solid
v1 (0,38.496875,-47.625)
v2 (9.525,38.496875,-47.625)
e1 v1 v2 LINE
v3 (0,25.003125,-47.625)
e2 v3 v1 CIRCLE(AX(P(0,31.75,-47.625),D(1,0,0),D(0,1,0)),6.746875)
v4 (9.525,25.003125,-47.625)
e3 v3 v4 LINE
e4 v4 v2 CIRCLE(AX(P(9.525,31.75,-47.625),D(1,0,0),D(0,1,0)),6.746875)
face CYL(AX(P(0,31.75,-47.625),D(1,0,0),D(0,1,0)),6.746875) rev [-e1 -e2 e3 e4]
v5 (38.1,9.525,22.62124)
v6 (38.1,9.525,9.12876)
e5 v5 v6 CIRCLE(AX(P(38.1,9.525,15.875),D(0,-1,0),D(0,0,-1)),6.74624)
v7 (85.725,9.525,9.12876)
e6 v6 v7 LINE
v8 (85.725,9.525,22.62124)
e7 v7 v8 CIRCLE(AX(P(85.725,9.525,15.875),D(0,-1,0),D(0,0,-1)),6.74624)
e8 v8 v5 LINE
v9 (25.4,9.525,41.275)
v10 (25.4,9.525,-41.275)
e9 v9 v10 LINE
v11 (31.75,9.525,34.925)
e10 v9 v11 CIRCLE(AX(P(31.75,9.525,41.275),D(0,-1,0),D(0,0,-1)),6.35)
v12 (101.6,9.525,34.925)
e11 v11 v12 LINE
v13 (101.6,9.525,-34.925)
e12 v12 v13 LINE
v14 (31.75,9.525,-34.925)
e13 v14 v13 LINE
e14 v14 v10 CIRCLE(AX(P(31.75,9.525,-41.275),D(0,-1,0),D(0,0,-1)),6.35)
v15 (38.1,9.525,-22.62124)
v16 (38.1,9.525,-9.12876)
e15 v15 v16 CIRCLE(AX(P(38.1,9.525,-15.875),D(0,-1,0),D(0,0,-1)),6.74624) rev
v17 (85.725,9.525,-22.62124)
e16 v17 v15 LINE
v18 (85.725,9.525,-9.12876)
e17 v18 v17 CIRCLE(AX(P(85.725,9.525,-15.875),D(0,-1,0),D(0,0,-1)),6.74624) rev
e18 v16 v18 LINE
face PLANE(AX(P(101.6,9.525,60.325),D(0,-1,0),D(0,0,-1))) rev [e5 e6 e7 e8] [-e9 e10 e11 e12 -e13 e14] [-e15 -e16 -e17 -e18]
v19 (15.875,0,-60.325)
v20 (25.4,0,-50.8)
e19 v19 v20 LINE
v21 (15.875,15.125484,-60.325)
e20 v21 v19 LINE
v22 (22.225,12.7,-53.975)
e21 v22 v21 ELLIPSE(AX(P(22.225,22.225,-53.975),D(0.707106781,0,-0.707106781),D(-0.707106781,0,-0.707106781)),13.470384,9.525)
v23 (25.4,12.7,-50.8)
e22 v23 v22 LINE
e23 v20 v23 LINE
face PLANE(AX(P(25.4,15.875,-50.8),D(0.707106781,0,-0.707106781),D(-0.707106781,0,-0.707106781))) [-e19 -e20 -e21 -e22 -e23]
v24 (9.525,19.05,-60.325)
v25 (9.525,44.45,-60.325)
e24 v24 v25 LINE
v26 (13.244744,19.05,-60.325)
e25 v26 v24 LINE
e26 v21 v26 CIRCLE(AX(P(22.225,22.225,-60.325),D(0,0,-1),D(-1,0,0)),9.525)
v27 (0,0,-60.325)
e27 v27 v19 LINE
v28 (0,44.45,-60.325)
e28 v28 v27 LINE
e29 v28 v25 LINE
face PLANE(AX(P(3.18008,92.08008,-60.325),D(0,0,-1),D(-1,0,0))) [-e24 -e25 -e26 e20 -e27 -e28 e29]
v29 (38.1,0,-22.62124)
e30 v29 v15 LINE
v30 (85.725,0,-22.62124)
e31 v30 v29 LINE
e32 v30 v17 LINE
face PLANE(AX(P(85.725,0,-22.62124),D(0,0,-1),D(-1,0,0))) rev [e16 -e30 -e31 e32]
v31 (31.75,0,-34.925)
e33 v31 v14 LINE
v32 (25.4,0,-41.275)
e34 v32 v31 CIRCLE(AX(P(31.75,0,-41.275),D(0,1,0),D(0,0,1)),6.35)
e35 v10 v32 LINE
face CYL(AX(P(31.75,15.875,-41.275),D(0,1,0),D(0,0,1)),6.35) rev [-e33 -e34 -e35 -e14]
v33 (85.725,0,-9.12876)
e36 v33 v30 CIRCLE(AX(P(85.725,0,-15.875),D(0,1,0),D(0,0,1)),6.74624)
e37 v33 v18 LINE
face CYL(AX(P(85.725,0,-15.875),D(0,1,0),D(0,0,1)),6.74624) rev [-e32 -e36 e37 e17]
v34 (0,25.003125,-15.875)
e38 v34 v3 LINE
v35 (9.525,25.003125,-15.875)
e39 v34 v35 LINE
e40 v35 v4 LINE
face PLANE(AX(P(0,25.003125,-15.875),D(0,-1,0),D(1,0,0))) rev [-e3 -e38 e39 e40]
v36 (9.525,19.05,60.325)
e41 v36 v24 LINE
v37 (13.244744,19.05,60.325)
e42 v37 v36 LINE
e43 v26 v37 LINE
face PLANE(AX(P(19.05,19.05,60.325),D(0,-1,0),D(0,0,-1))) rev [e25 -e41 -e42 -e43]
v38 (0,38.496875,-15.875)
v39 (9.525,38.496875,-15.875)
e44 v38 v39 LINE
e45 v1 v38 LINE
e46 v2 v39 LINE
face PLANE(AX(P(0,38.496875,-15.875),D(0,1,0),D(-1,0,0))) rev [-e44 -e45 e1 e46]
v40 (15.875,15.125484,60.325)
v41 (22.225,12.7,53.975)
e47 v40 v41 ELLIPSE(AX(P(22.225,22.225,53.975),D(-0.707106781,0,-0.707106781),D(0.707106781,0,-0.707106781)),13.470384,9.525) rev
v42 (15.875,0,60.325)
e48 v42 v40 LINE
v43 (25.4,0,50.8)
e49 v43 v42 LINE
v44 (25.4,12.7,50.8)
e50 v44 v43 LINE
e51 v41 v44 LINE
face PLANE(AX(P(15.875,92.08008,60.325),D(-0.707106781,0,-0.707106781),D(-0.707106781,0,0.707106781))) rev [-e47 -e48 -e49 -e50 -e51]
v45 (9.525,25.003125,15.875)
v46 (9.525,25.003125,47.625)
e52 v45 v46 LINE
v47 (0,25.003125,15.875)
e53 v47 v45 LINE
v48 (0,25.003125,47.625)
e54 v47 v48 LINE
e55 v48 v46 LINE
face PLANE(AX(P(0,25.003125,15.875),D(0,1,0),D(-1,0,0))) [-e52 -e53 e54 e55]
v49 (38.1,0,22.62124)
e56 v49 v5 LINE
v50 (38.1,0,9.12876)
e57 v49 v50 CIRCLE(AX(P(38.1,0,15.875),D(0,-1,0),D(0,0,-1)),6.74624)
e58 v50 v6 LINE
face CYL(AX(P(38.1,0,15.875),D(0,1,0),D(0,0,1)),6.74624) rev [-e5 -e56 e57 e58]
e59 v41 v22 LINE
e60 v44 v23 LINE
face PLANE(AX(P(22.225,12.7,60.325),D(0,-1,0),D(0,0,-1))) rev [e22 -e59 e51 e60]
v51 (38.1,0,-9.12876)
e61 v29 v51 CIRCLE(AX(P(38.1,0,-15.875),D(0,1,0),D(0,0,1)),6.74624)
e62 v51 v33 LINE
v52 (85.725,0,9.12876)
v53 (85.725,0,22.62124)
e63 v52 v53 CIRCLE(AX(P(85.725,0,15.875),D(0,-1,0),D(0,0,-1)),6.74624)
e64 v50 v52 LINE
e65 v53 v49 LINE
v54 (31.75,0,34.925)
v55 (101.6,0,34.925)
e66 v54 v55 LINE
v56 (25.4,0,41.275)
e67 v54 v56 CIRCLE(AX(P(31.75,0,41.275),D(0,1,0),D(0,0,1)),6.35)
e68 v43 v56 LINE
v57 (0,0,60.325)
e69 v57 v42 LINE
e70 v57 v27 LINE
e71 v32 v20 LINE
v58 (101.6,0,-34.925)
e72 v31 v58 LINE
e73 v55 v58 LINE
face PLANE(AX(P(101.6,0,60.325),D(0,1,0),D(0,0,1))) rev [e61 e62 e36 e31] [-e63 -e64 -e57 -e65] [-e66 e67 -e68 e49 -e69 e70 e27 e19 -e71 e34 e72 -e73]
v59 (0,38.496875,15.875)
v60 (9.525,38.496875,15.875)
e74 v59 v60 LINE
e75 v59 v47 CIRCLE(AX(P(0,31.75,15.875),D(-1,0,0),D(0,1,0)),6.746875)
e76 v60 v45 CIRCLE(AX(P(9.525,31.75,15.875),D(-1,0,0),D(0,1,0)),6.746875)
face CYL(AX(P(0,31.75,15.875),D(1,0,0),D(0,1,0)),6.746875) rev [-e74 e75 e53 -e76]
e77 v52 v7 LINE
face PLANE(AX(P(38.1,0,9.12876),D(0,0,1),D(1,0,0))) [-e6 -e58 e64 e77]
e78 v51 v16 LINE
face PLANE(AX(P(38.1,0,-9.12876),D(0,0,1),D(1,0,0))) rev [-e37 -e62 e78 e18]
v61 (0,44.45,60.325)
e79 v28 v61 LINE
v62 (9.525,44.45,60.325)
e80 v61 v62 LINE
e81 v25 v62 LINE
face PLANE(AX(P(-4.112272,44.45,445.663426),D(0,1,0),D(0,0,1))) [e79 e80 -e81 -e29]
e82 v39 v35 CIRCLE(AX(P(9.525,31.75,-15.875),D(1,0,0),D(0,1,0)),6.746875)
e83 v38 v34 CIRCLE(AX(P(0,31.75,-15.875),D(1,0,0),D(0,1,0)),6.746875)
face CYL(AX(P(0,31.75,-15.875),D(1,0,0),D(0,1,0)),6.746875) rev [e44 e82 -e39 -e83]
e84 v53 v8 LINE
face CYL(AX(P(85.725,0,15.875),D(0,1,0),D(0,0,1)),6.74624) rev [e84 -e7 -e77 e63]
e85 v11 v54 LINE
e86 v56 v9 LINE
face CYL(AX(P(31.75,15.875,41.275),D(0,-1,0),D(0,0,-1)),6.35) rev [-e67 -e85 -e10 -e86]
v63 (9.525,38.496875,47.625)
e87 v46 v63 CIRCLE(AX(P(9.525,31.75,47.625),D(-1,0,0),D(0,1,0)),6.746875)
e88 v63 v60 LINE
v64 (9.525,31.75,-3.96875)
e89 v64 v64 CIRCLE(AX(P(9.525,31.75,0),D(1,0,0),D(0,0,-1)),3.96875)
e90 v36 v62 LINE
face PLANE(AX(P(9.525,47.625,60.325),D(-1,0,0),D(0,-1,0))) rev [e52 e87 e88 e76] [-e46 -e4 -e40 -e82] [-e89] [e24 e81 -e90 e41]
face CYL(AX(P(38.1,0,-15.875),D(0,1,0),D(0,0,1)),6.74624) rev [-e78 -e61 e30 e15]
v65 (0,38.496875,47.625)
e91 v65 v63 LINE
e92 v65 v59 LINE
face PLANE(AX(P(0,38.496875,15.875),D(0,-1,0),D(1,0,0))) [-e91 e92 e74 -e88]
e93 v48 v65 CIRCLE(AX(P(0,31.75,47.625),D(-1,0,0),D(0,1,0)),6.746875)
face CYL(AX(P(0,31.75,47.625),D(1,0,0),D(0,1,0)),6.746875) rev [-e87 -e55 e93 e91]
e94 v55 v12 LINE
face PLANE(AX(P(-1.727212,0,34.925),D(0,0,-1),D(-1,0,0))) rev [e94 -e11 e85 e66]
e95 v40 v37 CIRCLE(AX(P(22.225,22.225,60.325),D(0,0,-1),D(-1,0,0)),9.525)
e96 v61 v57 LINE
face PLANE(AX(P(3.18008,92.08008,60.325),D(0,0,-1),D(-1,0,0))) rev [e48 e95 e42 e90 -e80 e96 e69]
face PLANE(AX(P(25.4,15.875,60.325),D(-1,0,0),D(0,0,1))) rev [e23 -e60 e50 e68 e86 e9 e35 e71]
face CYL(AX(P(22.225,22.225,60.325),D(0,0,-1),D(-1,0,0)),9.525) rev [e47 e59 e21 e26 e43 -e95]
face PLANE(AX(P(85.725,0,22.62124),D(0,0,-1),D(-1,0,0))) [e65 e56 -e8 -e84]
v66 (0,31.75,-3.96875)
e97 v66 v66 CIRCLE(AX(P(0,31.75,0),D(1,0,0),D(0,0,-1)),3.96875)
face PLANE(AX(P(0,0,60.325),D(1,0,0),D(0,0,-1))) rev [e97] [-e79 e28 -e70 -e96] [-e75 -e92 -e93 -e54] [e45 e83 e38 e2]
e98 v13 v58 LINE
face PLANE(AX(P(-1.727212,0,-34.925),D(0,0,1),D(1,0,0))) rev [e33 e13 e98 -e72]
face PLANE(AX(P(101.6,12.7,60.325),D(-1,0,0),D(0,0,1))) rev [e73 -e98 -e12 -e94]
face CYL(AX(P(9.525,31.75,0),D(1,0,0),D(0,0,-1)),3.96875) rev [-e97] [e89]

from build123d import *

# Parameters (mm, degrees)
BASESTEELANGLE_DEPTH    = 60.325
CUT_EXTRUDE1_DEPTH      = 1
CUT_EXTRUDE1_DEPTH_BACK = 121.65
CUT_EXTRUDE3_DEPTH      = 13.7
SKETCH5_W               = 76.2
SKETCH5_H               = 6.35
CUT_EXTRUDE4_DEPTH      = 121.65
SKETCH6_W               = 9.525
SKETCH6_H               = 28.575
CUT_EXTRUDE5_DEPTH      = 121.65
CUT_EXTRUDE6_DEPTH      = 10.525
F_3_8_16_TAPPED_HOLE1_D = 7.9375
SKETCH11_W              = 25.4
SKETCH11_H              = 9.525
CUT_EXTRUDE8_DEPTH      = 76.2
FILLET2_R               = 6.35
CHAMFER3_SIZE           = 9.525


with BuildPart() as part:
    # Sketch1 → BaseSteelAngle (new body, symmetric)
    with BuildSketch(Plane.XY):
        with BuildLine():
            Line((0, 0), (0, 101.6))
            Line((0, 101.6), (3.18008, 101.6))
            ThreePointArc((3.18008, 101.6), (9.911679988, 98.811679988), (12.7, 92.08008))
            Line((12.7, 92.08008), (12.7, 22.225))
            ThreePointArc((12.7, 22.225), (15.489807909, 15.489807909), (22.225, 12.7))
            Line((22.225, 12.7), (101.6, 12.7))
            Line((101.6, 12.7), (101.6, 0))
            Line((101.6, 0), (0, 0))
        make_face()
    extrude(amount=BASESTEELANGLE_DEPTH, both=True)

    # Sketch2 → Cut-Extrude1 (cut, two sides)
    with BuildSketch(Plane.XY.offset(60.325)) as cut_extrude1_sk:
        Polygon((-254.455417258, 44.45), (-4.112271749, 44.45), (18.408340367, 44.45), (268.751485876, 44.45), (268.751485876, 545.136291018), (-254.455417258, 545.136291018), align=None)
    extrude(amount=CUT_EXTRUDE1_DEPTH, mode=Mode.SUBTRACT)
    extrude(cut_extrude1_sk.sketch, amount=-CUT_EXTRUDE1_DEPTH_BACK, mode=Mode.SUBTRACT)

    # Sketch4 → Cut-Extrude3 (cut, through all)
    with BuildSketch(Plane(origin=(78.166939161, 12.7, 45.281727152), x_dir=(0, 0, 1), z_dir=(0, 1, 0))):
        with BuildLine():
            Line((-67.902967152, 7.558060839), (-67.902967152, -40.066939161))
            ThreePointArc((-67.902967152, -40.066939161), (-61.156727152, -46.813179161), (-54.410487152, -40.066939161))
            Line((-54.410487152, -40.066939161), (-54.410487152, 7.558060839))
            ThreePointArc((-54.410487152, 7.558060839), (-61.156727152, 14.304300839), (-67.902967152, 7.558060839))
        make_face()
    cut_extrude3 = extrude(amount=-CUT_EXTRUDE3_DEPTH, mode=Mode.SUBTRACT)

    # Mirror1: Cut-Extrude3 across plane
    add(cut_extrude3.mirror(Plane.XY), mode=Mode.SUBTRACT)

    # Sketch5 → Cut-Extrude4 (cut, through all)
    with BuildSketch(Plane(origin=(0, 0, -60.325), x_dir=(-1, 0, 0), z_dir=(0, 0, -1))):
        with Locations((-63.5, 12.7)):
            Rectangle(SKETCH5_W, SKETCH5_H)
    extrude(amount=-CUT_EXTRUDE4_DEPTH, mode=Mode.SUBTRACT)

    # Sketch6 → Cut-Extrude5 (cut, through all)
    with BuildSketch(Plane(origin=(0, 0, -60.325), x_dir=(-1, 0, 0), z_dir=(0, 0, -1))):
        with Locations((-14.2875, 33.3375)):
            Rectangle(SKETCH6_W, SKETCH6_H)
    extrude(amount=-CUT_EXTRUDE5_DEPTH, mode=Mode.SUBTRACT)

    # Sketch7 → Cut-Extrude6 (cut, through all)
    with BuildSketch(Plane(origin=(9.525, 0, 0), x_dir=(0, 0, -1), z_dir=(1, 0, 0))):
        with BuildLine():
            Line((15.875, 25.003125), (47.625, 25.003125))
            ThreePointArc((47.625, 25.003125), (54.371875, 31.75), (47.625, 38.496875))
            Line((47.625, 38.496875), (15.875, 38.496875))
            ThreePointArc((15.875, 38.496875), (9.128125, 31.75), (15.875, 25.003125))
        make_face()
    cut_extrude6 = extrude(amount=-CUT_EXTRUDE6_DEPTH, mode=Mode.SUBTRACT)

    # Mirror2: Cut-Extrude6 across plane
    add(cut_extrude6.mirror(Plane.XY), mode=Mode.SUBTRACT)

    # 3/8-16 Tapped Hole1 (through all)
    with Locations(Plane(origin=(9.525, 0, 0), x_dir=(0, 0, -1), z_dir=(1, 0, 0))):
        with Locations((0, 31.75)):
            Hole(F_3_8_16_TAPPED_HOLE1_D / 2)

    # Sketch11 → Cut-Extrude8 (cut)
    with BuildSketch(Plane(origin=(101.6, 0, 0), x_dir=(0, 0, -1), z_dir=(1, 0, 0))):
        with Locations((47.625, 4.7625)):
            Rectangle(SKETCH11_W, SKETCH11_H)
        with Locations((-47.625, 4.7625)):
            Rectangle(SKETCH11_W, SKETCH11_H)
    extrude(amount=-CUT_EXTRUDE8_DEPTH, mode=Mode.SUBTRACT)

    # Fillet2
    fillet2_edges = [part.edges().sort_by_distance(p)[0] for p in [
        (25.4, 4.7625, -34.925),
        (25.4, 4.7625, 34.925),
    ]]
    fillet(fillet2_edges, radius=FILLET2_R)

    # Chamfer3
    chamfer3_edges = [part.edges().sort_by_distance(p)[0] for p in [
        (25.4, 6.35, 60.325),
        (25.4, 6.35, -60.325),
    ]]
    chamfer(chamfer3_edges, length=CHAMFER3_SIZE)


solid = part.part
